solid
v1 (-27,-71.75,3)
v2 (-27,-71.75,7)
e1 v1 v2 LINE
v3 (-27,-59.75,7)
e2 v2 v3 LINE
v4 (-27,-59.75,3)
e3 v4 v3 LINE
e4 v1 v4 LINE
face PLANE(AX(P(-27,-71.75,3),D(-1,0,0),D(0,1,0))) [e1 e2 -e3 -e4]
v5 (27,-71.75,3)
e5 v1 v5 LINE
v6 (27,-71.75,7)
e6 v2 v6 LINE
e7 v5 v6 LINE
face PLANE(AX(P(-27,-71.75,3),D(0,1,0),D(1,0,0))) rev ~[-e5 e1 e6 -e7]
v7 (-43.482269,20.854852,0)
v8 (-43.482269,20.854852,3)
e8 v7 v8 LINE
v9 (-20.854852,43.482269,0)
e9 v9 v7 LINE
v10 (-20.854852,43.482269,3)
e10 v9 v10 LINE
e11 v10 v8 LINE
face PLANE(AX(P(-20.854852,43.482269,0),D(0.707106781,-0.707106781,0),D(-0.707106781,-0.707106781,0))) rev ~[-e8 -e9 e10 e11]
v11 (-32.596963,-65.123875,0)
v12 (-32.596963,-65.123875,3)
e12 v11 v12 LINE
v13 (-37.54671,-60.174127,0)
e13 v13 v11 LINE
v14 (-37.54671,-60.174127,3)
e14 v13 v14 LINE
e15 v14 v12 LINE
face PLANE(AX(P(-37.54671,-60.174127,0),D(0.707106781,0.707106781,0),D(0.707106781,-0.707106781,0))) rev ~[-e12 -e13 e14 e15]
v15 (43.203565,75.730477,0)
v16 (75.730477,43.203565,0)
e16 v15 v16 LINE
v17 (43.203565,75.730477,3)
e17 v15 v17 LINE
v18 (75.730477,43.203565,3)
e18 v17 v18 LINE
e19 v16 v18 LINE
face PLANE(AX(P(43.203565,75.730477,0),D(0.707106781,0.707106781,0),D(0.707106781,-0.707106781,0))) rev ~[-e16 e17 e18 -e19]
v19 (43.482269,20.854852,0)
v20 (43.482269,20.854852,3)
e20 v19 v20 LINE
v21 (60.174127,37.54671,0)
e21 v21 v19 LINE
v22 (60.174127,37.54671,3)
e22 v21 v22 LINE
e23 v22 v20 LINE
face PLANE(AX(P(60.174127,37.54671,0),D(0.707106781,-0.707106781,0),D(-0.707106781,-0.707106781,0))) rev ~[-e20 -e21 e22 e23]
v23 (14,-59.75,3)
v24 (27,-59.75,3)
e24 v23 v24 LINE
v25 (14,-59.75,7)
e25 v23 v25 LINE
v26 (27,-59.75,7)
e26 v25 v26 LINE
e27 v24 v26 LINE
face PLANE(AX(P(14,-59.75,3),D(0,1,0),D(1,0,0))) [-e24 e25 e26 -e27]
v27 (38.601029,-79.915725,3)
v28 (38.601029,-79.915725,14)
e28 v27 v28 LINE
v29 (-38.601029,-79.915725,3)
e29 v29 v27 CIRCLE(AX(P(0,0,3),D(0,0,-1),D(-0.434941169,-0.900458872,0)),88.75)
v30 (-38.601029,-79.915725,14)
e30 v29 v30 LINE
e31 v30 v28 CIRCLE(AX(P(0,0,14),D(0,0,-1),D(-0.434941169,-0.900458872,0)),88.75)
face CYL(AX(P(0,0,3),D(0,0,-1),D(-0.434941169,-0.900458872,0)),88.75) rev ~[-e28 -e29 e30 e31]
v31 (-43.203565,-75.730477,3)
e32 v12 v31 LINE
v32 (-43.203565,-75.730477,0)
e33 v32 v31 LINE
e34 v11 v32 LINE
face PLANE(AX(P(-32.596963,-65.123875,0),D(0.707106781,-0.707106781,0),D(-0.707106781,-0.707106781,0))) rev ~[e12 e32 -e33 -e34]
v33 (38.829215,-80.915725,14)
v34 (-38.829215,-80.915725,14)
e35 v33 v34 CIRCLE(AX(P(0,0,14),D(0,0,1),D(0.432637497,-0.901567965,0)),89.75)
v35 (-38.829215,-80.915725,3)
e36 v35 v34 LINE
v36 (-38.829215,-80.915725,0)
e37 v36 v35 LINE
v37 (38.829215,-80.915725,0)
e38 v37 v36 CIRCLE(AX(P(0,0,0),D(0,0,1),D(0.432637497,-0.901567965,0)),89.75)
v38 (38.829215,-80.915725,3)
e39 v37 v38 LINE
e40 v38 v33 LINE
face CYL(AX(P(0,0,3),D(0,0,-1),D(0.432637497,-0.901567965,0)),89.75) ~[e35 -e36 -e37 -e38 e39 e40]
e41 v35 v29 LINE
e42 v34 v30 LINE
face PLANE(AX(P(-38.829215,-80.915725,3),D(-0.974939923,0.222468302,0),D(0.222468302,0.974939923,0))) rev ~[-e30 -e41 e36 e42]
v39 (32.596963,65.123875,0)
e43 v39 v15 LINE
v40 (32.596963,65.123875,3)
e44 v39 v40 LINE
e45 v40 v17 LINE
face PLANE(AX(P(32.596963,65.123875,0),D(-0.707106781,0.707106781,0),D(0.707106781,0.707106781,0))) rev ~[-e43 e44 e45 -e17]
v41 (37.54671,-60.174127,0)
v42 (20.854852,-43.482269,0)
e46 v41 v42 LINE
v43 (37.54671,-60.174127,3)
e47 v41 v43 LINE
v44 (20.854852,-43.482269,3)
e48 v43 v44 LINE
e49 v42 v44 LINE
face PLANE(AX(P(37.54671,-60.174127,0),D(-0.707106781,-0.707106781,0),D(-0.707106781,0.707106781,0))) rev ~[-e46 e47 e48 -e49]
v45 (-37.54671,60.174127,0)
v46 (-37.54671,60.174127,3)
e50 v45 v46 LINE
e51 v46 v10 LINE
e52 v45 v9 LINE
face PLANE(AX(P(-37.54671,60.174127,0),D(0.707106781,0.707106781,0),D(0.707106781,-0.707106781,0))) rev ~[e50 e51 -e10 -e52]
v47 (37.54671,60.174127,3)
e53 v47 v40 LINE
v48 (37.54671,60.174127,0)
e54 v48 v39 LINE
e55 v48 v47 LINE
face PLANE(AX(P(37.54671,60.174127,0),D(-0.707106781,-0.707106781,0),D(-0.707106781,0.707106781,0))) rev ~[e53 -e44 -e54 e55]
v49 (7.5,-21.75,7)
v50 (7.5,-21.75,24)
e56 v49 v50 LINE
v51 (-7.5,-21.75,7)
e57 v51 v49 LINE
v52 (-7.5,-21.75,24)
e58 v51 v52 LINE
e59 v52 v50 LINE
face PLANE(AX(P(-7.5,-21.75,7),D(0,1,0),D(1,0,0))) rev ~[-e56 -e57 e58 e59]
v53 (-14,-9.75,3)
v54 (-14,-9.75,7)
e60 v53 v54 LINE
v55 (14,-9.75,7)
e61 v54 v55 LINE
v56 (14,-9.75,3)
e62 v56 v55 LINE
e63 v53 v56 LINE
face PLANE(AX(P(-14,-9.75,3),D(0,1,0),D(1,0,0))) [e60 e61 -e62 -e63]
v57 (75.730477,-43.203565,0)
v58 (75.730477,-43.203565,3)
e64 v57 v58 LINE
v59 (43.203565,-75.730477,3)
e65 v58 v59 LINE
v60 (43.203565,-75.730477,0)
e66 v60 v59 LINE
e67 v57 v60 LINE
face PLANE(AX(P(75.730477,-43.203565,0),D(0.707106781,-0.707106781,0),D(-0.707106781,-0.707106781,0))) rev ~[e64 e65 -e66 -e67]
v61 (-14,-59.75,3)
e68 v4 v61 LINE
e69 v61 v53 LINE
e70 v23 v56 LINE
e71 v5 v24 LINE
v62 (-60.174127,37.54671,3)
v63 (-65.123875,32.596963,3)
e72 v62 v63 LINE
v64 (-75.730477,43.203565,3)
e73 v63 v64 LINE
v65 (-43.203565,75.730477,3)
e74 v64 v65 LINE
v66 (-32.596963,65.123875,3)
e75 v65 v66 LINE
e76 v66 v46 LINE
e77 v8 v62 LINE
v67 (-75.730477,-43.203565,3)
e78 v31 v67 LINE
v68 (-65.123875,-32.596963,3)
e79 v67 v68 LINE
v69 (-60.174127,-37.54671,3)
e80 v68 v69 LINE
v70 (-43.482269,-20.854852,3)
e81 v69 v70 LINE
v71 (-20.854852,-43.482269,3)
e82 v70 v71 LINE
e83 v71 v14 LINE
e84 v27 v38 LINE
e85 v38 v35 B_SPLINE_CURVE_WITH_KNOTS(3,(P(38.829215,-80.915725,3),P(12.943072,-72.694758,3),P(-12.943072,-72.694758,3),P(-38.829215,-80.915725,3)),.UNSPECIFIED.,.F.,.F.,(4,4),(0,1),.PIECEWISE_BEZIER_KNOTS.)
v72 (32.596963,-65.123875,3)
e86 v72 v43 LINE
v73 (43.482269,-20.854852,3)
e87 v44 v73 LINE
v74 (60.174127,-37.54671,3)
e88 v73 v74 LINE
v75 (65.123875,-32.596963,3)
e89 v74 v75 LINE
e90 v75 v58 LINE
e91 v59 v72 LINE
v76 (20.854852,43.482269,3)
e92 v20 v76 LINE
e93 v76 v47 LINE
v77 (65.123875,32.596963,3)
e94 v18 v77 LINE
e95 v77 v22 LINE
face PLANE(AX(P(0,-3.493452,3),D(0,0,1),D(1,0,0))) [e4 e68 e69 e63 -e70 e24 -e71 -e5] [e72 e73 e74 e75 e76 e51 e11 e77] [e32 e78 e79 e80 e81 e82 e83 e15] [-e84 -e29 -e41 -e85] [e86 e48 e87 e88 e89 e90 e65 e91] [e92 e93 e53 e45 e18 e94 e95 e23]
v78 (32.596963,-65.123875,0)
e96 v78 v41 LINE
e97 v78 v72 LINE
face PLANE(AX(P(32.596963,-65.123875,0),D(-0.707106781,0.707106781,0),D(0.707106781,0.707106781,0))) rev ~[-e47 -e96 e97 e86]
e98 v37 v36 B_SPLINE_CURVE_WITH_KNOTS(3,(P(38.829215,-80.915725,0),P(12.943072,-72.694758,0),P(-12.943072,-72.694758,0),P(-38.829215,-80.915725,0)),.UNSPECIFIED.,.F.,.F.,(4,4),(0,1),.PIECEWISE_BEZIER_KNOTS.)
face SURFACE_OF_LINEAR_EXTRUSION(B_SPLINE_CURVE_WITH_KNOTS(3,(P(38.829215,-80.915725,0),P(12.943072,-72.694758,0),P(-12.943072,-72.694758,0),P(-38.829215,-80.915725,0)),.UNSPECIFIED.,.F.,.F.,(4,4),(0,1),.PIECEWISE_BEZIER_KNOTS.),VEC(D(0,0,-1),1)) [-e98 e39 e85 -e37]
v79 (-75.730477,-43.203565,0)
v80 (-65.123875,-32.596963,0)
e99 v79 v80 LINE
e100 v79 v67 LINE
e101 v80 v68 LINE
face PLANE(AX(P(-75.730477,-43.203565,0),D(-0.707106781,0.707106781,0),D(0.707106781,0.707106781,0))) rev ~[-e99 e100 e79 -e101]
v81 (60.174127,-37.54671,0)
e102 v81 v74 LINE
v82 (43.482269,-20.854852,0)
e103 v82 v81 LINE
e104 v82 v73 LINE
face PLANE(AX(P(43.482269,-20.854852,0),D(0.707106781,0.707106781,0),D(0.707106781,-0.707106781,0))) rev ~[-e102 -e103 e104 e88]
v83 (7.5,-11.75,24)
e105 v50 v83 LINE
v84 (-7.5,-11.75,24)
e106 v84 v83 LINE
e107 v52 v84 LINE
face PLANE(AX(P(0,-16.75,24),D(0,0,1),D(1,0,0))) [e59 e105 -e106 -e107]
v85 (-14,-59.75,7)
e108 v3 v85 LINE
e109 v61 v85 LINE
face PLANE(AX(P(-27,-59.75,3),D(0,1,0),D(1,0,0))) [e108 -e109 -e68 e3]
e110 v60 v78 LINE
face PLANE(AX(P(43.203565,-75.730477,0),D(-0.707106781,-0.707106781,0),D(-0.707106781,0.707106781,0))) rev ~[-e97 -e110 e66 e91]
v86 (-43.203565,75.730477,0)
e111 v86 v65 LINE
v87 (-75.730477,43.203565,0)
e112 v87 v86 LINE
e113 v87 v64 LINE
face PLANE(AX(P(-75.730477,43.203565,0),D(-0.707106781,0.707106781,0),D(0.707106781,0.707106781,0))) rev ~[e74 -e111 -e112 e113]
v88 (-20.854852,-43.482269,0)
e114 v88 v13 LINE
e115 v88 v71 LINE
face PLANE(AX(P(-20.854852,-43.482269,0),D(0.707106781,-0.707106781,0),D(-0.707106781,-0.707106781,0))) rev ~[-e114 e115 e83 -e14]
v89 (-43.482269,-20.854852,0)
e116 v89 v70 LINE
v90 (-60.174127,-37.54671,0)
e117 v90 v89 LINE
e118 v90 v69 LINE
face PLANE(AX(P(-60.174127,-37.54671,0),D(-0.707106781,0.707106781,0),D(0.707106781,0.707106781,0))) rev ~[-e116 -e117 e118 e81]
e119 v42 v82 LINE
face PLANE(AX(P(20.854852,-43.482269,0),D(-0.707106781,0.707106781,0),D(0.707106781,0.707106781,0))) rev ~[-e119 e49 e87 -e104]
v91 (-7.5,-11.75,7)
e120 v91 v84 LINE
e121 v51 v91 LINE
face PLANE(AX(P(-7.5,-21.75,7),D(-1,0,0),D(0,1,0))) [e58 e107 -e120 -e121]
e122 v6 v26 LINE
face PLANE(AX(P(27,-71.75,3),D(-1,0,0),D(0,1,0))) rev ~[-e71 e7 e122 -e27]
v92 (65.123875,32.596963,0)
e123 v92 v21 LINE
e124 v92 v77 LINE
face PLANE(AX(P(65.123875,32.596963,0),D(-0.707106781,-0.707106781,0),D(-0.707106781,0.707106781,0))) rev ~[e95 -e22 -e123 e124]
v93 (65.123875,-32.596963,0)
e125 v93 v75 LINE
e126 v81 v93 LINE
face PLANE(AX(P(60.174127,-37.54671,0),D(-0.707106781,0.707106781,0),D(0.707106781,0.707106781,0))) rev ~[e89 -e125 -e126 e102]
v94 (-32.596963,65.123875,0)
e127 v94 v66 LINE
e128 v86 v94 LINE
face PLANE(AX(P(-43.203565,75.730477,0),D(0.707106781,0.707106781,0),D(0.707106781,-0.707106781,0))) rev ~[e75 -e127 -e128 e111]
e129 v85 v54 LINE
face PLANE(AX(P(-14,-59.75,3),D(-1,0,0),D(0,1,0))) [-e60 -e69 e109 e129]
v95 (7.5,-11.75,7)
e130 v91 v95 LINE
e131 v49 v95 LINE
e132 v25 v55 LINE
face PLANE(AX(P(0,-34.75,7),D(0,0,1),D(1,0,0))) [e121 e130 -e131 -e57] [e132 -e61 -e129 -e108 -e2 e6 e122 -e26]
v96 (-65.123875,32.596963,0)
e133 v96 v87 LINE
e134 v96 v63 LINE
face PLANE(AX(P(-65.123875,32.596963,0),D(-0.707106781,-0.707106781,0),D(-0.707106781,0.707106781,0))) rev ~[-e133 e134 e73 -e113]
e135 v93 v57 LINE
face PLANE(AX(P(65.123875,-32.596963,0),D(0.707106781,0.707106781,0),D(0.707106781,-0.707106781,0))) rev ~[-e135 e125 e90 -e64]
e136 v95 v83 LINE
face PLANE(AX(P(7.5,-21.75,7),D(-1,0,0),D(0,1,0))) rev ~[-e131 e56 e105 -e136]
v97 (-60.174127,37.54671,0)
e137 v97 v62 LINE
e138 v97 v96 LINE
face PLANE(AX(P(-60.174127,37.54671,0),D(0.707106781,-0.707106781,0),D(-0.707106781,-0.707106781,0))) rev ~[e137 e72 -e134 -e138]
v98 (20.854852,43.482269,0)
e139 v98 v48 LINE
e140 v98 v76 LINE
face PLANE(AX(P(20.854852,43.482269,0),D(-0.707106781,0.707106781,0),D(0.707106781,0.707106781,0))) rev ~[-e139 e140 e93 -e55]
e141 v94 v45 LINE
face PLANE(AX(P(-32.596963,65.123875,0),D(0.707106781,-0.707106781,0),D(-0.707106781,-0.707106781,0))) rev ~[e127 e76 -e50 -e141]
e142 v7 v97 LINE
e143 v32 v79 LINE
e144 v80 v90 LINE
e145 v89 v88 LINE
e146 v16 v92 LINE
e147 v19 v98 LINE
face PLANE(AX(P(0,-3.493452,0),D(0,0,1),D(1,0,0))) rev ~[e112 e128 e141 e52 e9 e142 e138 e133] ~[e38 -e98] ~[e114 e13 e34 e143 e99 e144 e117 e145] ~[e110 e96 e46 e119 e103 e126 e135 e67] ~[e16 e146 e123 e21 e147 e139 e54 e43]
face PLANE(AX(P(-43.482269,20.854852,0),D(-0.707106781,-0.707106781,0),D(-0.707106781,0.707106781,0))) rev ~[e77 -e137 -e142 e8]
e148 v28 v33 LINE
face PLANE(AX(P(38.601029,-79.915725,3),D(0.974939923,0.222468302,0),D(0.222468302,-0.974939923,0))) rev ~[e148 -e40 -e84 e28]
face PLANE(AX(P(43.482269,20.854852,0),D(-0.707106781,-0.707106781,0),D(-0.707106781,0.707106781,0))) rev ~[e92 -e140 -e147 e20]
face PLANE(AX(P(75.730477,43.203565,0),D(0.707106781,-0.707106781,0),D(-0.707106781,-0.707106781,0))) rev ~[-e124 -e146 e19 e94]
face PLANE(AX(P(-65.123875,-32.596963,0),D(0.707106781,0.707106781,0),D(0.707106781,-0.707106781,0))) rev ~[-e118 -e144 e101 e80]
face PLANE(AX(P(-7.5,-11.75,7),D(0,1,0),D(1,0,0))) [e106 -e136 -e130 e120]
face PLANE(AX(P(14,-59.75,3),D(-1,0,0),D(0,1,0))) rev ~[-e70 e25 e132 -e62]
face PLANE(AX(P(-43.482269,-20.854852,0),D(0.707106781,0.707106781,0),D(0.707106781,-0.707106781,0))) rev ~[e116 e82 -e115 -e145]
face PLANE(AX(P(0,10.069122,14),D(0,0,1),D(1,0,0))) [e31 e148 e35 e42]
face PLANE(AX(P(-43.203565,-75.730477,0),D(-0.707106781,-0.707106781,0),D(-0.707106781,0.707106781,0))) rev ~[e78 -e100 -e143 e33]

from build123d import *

# Parameters (mm, degrees)
BOSS_EXTRUDE1_DEPTH = 3
BOSS_EXTRUDE2_DEPTH = 11
SKETCH3_W           = 28
SKETCH3_H           = 50
SKETCH3_W_2         = 54
SKETCH3_H_2         = 12
BOSS_EXTRUDE3_DEPTH = 4
SKETCH4_W           = 15
SKETCH4_H           = 10
BOSS_EXTRUDE4_DEPTH = 17


with BuildPart() as part:
    # Model → Boss-Extrude1 (new body)
    with BuildSketch(Plane.XY):
        with BuildLine():
            ThreePointArc((38.829215393, -80.915724874), (0, 89.75), (-38.829215393, -80.915724874))
            add(Edge.make_bspline(
                [(38.829215393, -80.915724874), (12.943071798, -72.694758375), (-12.943071798, -72.694758375), (-38.829215393, -80.915724874)],
                knots=[0, 0, 0, 0, 1, 1, 1, 1], degree=3))
        make_face()
        Polygon((-20.854851634, -43.482268632), (-37.546710486, -60.174127484), (-32.596963018, -65.123874952), (-43.203564736, -75.73047667), (-75.73047667, -43.203564736), (-65.123874952, -32.596963018), (-60.174127484, -37.546710486), (-43.482268632, -20.854851634), align=None, mode=Mode.SUBTRACT)
        Polygon((43.482268632, -20.854851634), (60.174127484, -37.546710486), (65.123874952, -32.596963018), (75.73047667, -43.203564736), (43.203564736, -75.73047667), (32.596963018, -65.123874952), (37.546710486, -60.174127484), (20.854851634, -43.482268632), align=None, mode=Mode.SUBTRACT)
        Polygon((20.854851634, 43.482268632), (37.546710486, 60.174127484), (32.596963018, 65.123874952), (43.203564736, 75.73047667), (75.73047667, 43.203564736), (65.123874952, 32.596963018), (60.174127484, 37.546710486), (43.482268632, 20.854851634), align=None, mode=Mode.SUBTRACT)
        Polygon((-43.482268632, 20.854851634), (-60.174127484, 37.546710486), (-65.123874952, 32.596963018), (-75.73047667, 43.203564736), (-43.203564736, 75.73047667), (-32.596963018, 65.123874952), (-37.546710486, 60.174127484), (-20.854851634, 43.482268632), align=None, mode=Mode.SUBTRACT)
    extrude(amount=BOSS_EXTRUDE1_DEPTH)

    # Sketch2 → Boss-Extrude2 (add)
    with BuildSketch(Plane.XY.offset(3)):
        with BuildLine():
            Line((-38.829215393, -80.915724874), (-38.601028715, -79.915724874))
            ThreePointArc((-38.601028715, -79.915724874), (0, 88.75), (38.601028715, -79.915724874))
            Line((38.601028715, -79.915724874), (38.829215393, -80.915724874))
            ThreePointArc((38.829215393, -80.915724874), (0, 89.75), (-38.829215393, -80.915724874))
        make_face()
    extrude(amount=BOSS_EXTRUDE2_DEPTH)

    # Sketch3 → Boss-Extrude3 (add)
    with BuildSketch(Plane.XY.offset(3)):
        with Locations((0, -34.75)):
            Rectangle(SKETCH3_W, SKETCH3_H)
        with Locations((0, -65.75)):
            Rectangle(SKETCH3_W_2, SKETCH3_H_2)
    extrude(amount=BOSS_EXTRUDE3_DEPTH)

    # Sketch4 → Boss-Extrude4 (add)
    with BuildSketch(Plane.XY.offset(7)):
        with Locations((0, -16.75)):
            Rectangle(SKETCH4_W, SKETCH4_H)
    extrude(amount=BOSS_EXTRUDE4_DEPTH)


solid = part.part
